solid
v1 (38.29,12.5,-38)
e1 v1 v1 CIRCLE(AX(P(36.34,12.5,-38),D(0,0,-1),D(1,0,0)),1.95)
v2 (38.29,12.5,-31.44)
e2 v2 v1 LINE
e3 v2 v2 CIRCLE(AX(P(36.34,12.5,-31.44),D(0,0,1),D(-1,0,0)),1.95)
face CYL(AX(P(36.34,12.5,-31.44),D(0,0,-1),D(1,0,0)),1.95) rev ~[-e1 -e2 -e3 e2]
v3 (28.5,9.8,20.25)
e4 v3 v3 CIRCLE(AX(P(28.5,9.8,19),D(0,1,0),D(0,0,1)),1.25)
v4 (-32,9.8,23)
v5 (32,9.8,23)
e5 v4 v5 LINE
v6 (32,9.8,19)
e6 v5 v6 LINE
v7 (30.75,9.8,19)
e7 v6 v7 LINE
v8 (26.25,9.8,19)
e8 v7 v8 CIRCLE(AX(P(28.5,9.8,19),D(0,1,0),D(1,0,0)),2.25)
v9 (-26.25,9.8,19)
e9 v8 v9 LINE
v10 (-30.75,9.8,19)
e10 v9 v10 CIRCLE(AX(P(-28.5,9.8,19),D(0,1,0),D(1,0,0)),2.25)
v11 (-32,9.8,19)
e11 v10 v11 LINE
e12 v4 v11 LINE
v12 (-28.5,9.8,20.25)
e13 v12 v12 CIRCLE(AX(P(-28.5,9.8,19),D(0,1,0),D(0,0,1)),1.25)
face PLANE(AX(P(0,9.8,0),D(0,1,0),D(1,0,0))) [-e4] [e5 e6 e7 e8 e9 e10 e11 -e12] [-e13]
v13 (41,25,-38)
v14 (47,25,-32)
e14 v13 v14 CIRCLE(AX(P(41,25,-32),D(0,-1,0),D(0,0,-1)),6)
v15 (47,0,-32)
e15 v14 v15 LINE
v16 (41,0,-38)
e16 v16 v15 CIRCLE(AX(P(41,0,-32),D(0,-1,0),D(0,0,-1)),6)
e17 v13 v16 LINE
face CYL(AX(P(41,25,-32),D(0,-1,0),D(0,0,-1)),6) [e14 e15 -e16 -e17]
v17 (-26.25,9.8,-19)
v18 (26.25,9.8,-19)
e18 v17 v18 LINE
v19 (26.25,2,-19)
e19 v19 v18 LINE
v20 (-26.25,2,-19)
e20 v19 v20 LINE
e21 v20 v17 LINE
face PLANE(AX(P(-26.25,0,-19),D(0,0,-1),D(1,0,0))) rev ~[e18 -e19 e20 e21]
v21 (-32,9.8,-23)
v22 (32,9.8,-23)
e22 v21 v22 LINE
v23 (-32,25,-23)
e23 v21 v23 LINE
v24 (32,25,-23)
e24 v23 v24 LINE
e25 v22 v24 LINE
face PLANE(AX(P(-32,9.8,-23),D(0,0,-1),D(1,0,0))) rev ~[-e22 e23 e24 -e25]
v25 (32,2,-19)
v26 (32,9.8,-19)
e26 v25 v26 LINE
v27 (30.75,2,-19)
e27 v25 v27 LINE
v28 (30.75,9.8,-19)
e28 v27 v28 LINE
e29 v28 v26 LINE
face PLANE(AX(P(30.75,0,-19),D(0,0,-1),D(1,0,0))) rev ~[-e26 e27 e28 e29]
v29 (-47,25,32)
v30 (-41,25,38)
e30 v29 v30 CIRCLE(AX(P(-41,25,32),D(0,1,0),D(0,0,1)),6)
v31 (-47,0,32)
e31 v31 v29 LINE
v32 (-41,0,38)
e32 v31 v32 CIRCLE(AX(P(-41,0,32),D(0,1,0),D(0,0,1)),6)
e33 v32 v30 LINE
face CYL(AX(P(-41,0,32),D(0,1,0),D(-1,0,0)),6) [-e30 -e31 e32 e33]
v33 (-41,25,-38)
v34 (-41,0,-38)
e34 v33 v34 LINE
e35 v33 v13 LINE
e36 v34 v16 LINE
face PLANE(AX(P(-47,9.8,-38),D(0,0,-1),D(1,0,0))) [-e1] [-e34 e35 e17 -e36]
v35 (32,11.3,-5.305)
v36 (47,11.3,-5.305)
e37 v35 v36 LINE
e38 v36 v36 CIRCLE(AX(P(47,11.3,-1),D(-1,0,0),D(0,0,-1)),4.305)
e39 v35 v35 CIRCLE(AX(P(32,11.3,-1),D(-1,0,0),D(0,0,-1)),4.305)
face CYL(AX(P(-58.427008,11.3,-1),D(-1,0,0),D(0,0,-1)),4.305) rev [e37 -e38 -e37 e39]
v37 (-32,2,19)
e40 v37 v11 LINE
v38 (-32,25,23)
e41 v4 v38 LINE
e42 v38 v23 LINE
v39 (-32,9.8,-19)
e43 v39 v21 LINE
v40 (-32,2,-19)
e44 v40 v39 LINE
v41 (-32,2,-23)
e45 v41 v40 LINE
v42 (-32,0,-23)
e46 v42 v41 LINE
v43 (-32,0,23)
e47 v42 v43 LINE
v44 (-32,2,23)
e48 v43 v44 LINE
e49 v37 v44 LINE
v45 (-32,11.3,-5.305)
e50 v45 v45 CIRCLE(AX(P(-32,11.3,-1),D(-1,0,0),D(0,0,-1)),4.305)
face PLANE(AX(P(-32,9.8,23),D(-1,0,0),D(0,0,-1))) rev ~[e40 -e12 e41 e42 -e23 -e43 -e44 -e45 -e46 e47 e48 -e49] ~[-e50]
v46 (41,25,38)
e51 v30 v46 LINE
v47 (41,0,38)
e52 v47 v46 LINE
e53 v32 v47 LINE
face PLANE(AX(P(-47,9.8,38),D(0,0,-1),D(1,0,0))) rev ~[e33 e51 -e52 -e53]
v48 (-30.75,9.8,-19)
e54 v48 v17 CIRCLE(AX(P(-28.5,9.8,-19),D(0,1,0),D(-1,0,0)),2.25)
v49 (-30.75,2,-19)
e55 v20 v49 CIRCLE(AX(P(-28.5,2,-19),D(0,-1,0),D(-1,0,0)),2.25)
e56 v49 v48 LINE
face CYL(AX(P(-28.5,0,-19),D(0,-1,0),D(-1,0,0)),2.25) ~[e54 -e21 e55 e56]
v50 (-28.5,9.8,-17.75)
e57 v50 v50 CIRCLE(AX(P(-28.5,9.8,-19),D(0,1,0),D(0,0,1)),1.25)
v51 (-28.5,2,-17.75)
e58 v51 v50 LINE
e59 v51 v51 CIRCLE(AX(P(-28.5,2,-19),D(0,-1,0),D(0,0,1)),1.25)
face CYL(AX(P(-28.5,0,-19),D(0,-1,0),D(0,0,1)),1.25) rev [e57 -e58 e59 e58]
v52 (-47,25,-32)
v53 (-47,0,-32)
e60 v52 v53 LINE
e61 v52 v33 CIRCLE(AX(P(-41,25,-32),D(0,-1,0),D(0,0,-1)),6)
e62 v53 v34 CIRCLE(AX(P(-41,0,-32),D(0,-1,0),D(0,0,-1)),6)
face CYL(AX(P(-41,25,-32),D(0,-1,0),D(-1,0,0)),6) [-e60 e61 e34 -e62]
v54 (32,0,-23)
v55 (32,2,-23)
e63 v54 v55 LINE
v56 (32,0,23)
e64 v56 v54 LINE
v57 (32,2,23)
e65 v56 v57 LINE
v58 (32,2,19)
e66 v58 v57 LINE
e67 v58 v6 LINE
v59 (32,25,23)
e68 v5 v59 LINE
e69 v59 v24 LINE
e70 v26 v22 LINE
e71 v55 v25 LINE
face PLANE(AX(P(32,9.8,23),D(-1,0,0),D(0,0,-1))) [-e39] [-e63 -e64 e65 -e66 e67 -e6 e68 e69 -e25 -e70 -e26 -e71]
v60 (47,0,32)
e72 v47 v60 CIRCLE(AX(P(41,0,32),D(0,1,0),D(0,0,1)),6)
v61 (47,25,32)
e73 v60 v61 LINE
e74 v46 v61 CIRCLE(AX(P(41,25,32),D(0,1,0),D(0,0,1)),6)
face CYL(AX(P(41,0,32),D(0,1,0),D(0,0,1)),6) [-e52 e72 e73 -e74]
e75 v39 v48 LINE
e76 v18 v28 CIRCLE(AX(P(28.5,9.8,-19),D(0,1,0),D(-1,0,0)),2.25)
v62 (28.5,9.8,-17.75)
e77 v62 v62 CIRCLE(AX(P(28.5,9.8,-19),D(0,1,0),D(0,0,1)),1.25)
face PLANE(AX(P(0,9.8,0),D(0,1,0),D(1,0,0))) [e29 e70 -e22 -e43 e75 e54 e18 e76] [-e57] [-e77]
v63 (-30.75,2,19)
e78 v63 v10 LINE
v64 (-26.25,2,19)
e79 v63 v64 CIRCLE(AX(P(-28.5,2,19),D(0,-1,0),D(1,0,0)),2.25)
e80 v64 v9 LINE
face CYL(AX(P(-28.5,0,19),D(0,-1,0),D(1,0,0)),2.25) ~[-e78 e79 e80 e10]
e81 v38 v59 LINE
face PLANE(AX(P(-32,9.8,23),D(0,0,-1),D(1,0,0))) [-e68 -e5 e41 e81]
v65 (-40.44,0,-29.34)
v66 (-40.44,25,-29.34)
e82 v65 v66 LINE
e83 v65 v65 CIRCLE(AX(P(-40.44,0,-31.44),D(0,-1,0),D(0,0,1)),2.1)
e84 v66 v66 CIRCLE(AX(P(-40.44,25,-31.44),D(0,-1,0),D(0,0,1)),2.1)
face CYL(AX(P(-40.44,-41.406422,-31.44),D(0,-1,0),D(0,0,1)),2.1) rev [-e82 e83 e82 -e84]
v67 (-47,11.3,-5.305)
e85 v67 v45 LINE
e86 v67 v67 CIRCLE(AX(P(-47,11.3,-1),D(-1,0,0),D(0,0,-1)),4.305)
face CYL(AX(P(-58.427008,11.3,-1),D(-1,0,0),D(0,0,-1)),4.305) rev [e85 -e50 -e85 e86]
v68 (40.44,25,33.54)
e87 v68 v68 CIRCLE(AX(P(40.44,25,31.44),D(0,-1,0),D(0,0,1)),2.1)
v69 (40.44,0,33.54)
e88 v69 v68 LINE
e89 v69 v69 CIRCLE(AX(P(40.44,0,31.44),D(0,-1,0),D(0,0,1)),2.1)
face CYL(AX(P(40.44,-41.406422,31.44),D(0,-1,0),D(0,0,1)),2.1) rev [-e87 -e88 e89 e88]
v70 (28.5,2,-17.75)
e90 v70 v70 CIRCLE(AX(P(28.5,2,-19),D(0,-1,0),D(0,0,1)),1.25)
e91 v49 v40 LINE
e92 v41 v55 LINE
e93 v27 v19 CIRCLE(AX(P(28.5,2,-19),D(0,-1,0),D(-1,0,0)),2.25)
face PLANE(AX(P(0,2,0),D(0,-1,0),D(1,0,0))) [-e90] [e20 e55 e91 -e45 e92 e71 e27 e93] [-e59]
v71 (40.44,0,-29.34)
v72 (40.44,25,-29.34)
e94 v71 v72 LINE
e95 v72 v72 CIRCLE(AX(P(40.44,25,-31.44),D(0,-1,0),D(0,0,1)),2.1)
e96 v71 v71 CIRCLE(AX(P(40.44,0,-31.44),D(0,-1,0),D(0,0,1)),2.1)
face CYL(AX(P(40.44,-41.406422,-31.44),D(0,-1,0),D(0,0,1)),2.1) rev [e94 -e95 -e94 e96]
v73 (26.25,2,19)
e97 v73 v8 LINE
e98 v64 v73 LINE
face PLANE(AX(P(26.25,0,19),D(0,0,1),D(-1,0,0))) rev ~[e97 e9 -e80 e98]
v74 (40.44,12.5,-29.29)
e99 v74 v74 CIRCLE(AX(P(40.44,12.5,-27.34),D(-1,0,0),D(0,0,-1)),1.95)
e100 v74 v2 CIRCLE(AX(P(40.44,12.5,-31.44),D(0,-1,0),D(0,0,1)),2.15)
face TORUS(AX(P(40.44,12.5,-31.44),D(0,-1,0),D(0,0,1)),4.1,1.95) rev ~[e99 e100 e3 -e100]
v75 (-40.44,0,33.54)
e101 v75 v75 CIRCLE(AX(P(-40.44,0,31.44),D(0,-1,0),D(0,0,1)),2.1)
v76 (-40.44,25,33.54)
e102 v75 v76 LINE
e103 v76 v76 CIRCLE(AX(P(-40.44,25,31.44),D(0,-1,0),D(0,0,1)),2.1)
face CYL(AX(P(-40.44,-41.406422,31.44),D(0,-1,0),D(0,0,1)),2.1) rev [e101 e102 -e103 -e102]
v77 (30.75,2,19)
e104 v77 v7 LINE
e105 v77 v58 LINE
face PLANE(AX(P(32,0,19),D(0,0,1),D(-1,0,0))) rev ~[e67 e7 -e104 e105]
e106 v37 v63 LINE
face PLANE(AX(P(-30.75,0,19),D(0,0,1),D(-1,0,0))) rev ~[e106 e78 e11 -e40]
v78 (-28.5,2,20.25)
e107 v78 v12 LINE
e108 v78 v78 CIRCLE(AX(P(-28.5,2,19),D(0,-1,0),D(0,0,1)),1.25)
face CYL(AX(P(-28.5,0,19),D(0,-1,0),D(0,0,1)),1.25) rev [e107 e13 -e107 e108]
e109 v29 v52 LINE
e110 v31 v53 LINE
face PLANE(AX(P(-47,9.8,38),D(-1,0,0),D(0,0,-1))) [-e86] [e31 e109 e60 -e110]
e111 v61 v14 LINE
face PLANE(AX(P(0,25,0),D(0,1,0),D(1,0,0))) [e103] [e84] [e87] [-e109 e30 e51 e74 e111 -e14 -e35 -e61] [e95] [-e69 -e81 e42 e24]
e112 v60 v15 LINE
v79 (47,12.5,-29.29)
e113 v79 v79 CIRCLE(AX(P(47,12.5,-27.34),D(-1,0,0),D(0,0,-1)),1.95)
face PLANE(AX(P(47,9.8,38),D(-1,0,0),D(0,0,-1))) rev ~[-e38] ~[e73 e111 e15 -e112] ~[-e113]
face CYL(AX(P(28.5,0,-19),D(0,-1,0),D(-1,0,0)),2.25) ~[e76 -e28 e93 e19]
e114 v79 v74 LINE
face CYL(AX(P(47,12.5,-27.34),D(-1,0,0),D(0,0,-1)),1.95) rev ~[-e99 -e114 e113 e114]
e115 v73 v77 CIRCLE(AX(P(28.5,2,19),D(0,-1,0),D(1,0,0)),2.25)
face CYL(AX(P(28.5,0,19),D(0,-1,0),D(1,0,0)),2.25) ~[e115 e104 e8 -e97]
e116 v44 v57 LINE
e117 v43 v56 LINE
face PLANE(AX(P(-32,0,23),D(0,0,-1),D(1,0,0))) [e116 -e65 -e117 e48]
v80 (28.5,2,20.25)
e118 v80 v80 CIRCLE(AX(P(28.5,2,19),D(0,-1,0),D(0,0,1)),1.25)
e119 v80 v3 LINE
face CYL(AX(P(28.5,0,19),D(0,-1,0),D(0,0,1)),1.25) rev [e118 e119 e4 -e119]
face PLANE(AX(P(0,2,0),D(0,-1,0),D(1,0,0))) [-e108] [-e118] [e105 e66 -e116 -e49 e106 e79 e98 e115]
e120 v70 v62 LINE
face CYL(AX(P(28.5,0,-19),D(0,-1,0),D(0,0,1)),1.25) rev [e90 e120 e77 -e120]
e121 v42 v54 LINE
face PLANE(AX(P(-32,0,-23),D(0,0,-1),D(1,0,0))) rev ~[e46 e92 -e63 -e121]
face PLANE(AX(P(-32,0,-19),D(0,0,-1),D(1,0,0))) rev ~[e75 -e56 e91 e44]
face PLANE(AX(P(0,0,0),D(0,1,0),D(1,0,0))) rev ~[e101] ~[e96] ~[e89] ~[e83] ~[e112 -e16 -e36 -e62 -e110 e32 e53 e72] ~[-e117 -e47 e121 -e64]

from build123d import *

# Parameters (mm, degrees)
SKETCH1_W               = 94
SKETCH1_H               = 76
SKETCH1_R               = 1.25
BOSS_EXTRUDE1_DEPTH     = 9.8
SKETCH2_W               = 94
SKETCH2_H               = 76
SKETCH2_W_2             = 64
SKETCH2_H_2             = 46
BOSS_EXTRUDE3_DEPTH     = 15.2
SKETCH3_W               = 64
SKETCH3_H               = 46
CUT_EXTRUDE1_DEPTH      = 2
CUT_EXTRUDE2_DEPTH      = 105.427008001
CUT_EXTRUDE2_DEPTH_BACK = 105.427008001
SKETCH4_R               = 4.305
CUT_EXTRUDE3_DEPTH      = 66.406421703
CUT_EXTRUDE3_DEPTH_BACK = 66.406421703
SKETCH5_R               = 2.1
FILLET1_R               = 6
CUT_SWEEP_PROFILE_R     = 1.95


with BuildPart() as part:
    # Sketch1 → Boss-Extrude1 (new body)
    with BuildSketch(Plane(origin=(0, 0, 0), x_dir=(1, 0, 0), z_dir=(0, 1, 0))):
        Rectangle(SKETCH1_W, SKETCH1_H)
        with BuildLine():
            Line((-32, 19), (-30.75, 19))
            ThreePointArc((-30.75, 19), (-28.5, 16.75), (-26.25, 19))
            Line((-26.25, 19), (26.25, 19))
            ThreePointArc((26.25, 19), (28.5, 16.75), (30.75, 19))
            Line((30.75, 19), (32, 19))
            Line((32, 19), (32, -19))
            Line((32, -19), (30.75, -19))
            ThreePointArc((30.75, -19), (28.5, -16.75), (26.25, -19))
            Line((26.25, -19), (-26.25, -19))
            ThreePointArc((-26.25, -19), (-28.5, -16.75), (-30.75, -19))
            Line((-30.75, -19), (-32, -19))
            Line((-32, -19), (-32, 19))
        make_face(mode=Mode.SUBTRACT)
        with Locations(Location((-28.5, 19, 0), (0, 0, 270))):
            Circle(SKETCH1_R, mode=Mode.SUBTRACT)
        with Locations(Location((28.5, 19, 0), (0, 0, 270))):
            Circle(SKETCH1_R, mode=Mode.SUBTRACT)
        with Locations(Location((28.5, -19, 0), (0, 0, 270))):
            Circle(SKETCH1_R, mode=Mode.SUBTRACT)
        with Locations(Location((-28.5, -19, 0), (0, 0, 270))):
            Circle(SKETCH1_R, mode=Mode.SUBTRACT)
    extrude(amount=BOSS_EXTRUDE1_DEPTH)

    # Sketch2 → Boss-Extrude3 (add)
    with BuildSketch(Plane(origin=(0, 9.8, 0), x_dir=(1, 0, 0), z_dir=(0, 1, 0))):
        Rectangle(SKETCH2_W, SKETCH2_H)
        Rectangle(SKETCH2_W_2, SKETCH2_H_2, mode=Mode.SUBTRACT)
    extrude(amount=BOSS_EXTRUDE3_DEPTH)

    # Sketch3 → Cut-Extrude1 (cut)
    with BuildSketch(Plane.XZ):
        Rectangle(SKETCH3_W, SKETCH3_H)
    extrude(amount=-CUT_EXTRUDE1_DEPTH, mode=Mode.SUBTRACT)

    # Sketch4 → Cut-Extrude2 (cut, two sides: drawn at the far end of the back side and taken through both)
    with BuildSketch(Plane(origin=(47, 0, 0), x_dir=(0, 0, -1), z_dir=(1, 0, 0)).offset(-CUT_EXTRUDE2_DEPTH_BACK)):
        with Locations((1, 11.3)):
            Circle(SKETCH4_R)
    extrude(amount=CUT_EXTRUDE2_DEPTH + CUT_EXTRUDE2_DEPTH_BACK, mode=Mode.SUBTRACT)

    # Sketch5 → Cut-Extrude3 (cut, two sides: drawn at the far end of the back side and taken through both)
    with BuildSketch(Plane(origin=(0, 25, 0), x_dir=(1, 0, 0), z_dir=(0, 1, 0)).offset(-CUT_EXTRUDE3_DEPTH_BACK)):
        with Locations(Location((-40.44, 31.44, 0), (0, 0, 270))):
            Circle(SKETCH5_R)
        with Locations(Location((40.44, 31.44, 0), (0, 0, 270))):
            Circle(SKETCH5_R)
        with Locations(Location((40.44, -31.44, 0), (0, 0, 270))):
            Circle(SKETCH5_R)
        with Locations(Location((-40.44, -31.44, 0), (0, 0, 270))):
            Circle(SKETCH5_R)
    extrude(amount=CUT_EXTRUDE3_DEPTH + CUT_EXTRUDE3_DEPTH_BACK, mode=Mode.SUBTRACT)

    # Fillet1
    fillet1_edges = [part.edges().sort_by_distance(p)[0] for p in [
        (-47, 12.5, 38),
        (-47, 12.5, -38),
        (47, 12.5, -38),
        (47, 12.5, 38),
    ]]
    fillet(fillet1_edges, radius=FILLET1_R)

    # Cut-Sweep: sweep along a path in Sketch9
    with BuildLine(Plane(origin=(0, 12.5, 0), x_dir=(-1, 0, 0), z_dir=(0, -1, 0))) as cut_sweep_path:
        Line((-47, 27.34), (-40.44, 27.34))
        ThreePointArc((-40.44, 27.34), (-37.540862197, 28.540862197), (-36.34, 31.44))
        Line((-36.34, 31.44), (-36.34, 38))
    # Cut-Sweep profile (on start of the path) → Cut-Sweep (sweep, cut)
    with BuildSketch(Plane(origin=(47, 12.5, -27.34), x_dir=(0, 0, -1), z_dir=(-1, 0, 0))):
        Circle(CUT_SWEEP_PROFILE_R)
    sweep(path=cut_sweep_path.line, mode=Mode.SUBTRACT)


solid = part.part
